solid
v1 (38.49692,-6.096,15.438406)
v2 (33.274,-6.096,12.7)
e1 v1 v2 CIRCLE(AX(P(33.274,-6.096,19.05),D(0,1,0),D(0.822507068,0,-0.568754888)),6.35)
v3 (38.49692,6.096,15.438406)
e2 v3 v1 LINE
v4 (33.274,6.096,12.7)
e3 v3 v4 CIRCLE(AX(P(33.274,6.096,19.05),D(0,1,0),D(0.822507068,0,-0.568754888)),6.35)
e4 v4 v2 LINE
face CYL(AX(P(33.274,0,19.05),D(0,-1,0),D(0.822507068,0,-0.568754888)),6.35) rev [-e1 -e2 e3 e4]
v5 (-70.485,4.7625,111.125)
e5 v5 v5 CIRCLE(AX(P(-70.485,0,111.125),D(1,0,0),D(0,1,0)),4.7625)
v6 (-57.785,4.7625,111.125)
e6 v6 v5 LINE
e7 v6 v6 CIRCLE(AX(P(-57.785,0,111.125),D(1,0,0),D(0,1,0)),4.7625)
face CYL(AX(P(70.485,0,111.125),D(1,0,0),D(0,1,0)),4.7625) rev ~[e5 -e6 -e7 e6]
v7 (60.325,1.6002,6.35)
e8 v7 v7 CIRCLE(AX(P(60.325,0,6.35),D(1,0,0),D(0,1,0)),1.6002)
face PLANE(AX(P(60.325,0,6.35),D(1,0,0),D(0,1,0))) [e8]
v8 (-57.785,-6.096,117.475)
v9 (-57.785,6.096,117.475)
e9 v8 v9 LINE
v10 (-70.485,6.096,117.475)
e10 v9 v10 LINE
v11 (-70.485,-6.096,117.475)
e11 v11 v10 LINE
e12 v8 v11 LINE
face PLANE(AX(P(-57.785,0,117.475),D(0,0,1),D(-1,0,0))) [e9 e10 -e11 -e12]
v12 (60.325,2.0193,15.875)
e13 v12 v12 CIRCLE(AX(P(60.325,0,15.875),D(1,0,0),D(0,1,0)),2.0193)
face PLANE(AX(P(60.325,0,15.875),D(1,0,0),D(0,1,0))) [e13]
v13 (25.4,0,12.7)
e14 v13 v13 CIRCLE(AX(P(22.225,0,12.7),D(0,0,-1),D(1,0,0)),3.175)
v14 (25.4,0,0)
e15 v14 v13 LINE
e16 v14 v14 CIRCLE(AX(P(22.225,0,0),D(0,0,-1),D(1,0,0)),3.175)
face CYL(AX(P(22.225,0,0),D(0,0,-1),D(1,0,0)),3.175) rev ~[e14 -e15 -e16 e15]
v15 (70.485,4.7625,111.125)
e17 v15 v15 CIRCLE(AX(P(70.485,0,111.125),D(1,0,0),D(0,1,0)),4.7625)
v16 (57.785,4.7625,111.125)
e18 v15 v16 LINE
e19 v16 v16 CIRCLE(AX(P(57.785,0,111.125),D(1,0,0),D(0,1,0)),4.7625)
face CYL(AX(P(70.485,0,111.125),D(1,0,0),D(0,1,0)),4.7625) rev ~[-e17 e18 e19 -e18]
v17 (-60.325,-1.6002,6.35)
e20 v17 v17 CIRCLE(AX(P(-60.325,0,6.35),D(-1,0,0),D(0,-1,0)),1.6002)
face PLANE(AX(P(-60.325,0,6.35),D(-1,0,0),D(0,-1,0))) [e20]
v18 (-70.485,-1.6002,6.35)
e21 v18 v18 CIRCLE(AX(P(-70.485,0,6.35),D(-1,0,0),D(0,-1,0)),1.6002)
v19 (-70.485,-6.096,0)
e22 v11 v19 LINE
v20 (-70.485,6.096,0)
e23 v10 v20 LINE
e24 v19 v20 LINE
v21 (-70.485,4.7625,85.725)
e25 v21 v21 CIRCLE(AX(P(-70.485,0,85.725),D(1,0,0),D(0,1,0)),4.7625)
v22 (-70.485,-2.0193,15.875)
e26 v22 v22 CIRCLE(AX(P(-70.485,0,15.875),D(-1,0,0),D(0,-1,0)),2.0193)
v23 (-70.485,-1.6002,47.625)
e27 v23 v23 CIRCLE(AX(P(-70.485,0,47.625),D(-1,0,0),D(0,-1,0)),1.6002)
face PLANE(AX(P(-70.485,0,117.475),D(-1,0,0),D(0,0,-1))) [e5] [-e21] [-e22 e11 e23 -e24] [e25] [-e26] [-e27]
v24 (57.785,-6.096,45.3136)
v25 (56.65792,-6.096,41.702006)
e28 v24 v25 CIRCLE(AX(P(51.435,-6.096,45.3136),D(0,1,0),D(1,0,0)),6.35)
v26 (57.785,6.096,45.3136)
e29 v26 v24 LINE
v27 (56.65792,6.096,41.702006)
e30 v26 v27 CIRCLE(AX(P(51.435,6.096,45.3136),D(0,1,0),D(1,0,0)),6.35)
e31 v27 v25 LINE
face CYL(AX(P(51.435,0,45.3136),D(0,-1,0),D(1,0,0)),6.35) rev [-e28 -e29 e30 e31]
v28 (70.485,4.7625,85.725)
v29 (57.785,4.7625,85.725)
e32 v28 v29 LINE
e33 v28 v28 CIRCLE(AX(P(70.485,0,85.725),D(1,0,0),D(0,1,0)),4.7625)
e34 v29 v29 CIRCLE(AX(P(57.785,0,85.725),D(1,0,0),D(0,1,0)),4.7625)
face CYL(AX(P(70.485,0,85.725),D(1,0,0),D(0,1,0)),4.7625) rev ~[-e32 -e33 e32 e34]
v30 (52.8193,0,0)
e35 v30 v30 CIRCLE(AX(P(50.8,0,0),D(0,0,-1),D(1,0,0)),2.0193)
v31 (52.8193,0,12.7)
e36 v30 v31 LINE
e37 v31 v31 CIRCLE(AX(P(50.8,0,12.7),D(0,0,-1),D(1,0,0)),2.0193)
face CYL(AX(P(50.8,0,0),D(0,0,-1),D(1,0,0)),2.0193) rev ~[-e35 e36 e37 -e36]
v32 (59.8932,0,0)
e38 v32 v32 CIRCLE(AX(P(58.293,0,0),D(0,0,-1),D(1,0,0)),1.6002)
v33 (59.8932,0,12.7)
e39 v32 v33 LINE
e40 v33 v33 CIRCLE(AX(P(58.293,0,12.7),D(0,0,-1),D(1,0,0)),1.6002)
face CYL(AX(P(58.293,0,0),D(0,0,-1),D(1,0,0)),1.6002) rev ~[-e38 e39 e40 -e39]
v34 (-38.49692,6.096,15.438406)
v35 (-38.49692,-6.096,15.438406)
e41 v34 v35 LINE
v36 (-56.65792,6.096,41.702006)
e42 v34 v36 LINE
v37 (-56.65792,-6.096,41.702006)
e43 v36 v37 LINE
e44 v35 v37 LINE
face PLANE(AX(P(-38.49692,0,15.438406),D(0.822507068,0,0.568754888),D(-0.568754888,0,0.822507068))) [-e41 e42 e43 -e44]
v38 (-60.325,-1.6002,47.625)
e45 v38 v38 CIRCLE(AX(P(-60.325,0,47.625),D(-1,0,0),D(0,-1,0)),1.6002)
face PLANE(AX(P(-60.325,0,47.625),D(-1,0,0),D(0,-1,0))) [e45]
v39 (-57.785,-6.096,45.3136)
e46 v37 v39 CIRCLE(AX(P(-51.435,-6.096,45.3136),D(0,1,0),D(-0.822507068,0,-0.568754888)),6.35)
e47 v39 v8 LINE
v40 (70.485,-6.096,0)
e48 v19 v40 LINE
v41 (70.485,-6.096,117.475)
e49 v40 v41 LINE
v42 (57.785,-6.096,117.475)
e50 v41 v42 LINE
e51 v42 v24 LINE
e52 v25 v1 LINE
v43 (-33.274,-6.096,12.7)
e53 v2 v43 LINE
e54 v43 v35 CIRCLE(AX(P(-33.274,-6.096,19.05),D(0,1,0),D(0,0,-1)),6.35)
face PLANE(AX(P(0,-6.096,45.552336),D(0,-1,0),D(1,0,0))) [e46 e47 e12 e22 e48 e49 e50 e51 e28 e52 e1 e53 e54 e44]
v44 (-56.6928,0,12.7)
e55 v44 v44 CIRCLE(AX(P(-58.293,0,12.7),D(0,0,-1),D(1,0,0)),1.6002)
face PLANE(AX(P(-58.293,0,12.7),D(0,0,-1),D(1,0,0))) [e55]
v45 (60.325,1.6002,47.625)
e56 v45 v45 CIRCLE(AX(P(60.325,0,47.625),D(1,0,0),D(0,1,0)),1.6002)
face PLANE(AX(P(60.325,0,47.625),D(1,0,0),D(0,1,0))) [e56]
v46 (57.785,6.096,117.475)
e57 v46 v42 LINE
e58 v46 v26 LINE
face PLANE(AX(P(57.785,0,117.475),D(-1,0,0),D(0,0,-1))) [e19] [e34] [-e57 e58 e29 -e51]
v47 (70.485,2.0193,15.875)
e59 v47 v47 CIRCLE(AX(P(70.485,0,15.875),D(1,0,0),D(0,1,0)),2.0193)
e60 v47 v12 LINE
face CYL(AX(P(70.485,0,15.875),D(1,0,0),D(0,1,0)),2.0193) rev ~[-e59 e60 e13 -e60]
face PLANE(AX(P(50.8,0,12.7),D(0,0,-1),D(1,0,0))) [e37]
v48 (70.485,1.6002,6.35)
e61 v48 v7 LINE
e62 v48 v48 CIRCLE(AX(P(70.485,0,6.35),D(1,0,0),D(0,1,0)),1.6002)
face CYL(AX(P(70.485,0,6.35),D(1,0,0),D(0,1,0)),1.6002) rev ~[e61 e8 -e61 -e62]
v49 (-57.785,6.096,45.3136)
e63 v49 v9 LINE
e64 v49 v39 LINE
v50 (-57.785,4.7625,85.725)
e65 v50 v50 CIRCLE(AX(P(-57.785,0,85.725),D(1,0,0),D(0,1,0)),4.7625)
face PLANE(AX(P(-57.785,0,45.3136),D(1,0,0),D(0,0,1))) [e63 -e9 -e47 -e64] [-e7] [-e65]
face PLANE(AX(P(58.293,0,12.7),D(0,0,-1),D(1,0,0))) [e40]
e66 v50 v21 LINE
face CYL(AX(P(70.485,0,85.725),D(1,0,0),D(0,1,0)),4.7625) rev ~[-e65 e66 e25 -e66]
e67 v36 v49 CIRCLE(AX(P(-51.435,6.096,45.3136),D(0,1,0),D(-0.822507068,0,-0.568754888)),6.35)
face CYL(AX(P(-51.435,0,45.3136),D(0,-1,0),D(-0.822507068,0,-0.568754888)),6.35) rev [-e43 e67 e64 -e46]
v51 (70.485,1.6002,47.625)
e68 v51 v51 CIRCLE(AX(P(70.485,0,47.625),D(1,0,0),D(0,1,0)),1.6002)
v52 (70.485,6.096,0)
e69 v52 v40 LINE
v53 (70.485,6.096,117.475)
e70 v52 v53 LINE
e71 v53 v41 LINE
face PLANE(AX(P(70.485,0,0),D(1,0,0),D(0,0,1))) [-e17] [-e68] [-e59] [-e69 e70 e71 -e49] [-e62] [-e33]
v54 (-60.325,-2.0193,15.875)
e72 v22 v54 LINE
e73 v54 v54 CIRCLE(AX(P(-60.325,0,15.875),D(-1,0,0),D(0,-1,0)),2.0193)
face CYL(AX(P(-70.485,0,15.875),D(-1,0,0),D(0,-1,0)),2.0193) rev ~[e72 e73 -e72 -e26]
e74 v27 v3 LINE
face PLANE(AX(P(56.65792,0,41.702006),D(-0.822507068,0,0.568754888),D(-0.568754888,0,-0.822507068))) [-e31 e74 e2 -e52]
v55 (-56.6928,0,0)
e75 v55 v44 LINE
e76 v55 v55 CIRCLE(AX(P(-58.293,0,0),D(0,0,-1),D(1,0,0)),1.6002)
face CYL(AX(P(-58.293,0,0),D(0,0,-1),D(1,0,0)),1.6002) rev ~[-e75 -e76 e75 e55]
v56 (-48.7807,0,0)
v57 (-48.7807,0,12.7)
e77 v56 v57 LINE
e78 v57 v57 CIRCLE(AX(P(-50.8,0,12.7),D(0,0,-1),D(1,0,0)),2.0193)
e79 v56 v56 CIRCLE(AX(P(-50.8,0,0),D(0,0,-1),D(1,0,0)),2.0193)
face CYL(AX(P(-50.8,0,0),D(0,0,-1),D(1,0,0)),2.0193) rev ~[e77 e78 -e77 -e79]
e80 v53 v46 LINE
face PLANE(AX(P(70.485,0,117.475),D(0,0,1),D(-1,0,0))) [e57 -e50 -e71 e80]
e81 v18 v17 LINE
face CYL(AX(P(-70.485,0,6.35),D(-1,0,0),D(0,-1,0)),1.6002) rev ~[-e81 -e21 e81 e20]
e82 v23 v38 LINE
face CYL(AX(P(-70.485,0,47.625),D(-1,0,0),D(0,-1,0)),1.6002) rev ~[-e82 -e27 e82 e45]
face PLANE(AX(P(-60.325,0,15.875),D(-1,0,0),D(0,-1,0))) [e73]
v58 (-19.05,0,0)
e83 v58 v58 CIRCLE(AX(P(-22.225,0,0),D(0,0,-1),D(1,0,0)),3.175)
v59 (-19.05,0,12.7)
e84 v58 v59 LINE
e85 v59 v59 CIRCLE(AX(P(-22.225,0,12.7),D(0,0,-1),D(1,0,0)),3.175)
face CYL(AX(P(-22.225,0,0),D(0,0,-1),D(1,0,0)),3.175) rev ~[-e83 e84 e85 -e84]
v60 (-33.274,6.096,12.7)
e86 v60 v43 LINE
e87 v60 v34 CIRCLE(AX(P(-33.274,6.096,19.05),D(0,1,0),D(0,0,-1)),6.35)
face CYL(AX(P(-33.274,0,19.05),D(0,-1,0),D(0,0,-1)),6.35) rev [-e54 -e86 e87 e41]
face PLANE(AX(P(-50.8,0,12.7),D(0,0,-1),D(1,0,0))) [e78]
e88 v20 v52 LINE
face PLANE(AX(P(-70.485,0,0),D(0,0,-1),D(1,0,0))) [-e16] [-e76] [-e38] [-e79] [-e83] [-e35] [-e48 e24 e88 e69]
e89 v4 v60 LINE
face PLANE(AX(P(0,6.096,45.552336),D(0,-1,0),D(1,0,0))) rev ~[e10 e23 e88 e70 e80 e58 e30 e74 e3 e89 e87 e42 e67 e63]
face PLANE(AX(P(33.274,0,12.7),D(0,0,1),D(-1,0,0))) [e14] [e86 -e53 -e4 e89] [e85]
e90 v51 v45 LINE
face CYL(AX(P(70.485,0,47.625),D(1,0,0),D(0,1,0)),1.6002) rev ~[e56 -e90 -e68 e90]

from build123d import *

# Parameters (mm, degrees)
F1_DEPTH  = 6.096
F2_R      = 4.7625
F3_DEPTH  = 140.971
F4_R      = 3.175
F5_DEPTH  = 117.476
F6_R      = 2.0193
F6_R_2    = 1.6002
F7_DEPTH  = 12.7
F8_R      = 1.6002
F8_R_2    = 2.0193
F9_DEPTH  = 10.16
F10_R     = 1.6002
F10_R_2   = 2.0193
F11_DEPTH = 10.16


with BuildPart() as f1:
    # F0 (on Front) → F1 (new body, symmetric)
    with BuildSketch(Plane.XZ):
        with BuildLine():
            Line((-70.485, 0), (0, 0))
            Line((0, 0), (70.485, 0))
            Line((70.485, 0), (70.485, 117.475))
            Line((70.485, 117.475), (57.785, 117.475))
            Line((57.785, 117.475), (57.785, 45.3136))
            ThreePointArc((57.785, 45.3136), (57.4966846366, 43.4219130898), (56.6579198847, 41.7020064627))
            Line((56.6579198847, 41.7020064627), (38.4969198847, 15.4384064627))
            ThreePointArc((38.4969198847, 15.4384064627), (36.2226336699, 13.426117046), (33.274, 12.7))
            Line((33.274, 12.7), (0, 12.7))
            Line((0, 12.7), (-33.274, 12.7))
            ThreePointArc((-33.274, 12.7), (-36.2226336699, 13.426117046), (-38.4969198847, 15.4384064627))
            Line((-38.4969198847, 15.4384064627), (-56.6579198847, 41.7020064627))
            ThreePointArc((-56.6579198847, 41.7020064627), (-57.4966846366, 43.4219130898), (-57.785, 45.3136))
            Line((-57.785, 45.3136), (-57.785, 117.475))
            Line((-57.785, 117.475), (-70.485, 117.475))
            Line((-70.485, 117.475), (-70.485, 0))
        make_face()
    extrude(amount=F1_DEPTH, both=True)

    # F2 (on face) → F3 (cut, through all)
    with BuildSketch(Plane.YZ.offset(70.485)):
        with Locations((0, 111.125)):
            Circle(F2_R)
        with Locations((0, 85.725)):
            Circle(F2_R)
    extrude(amount=-F3_DEPTH, mode=Mode.SUBTRACT)

    # F4 (on face) → F5 (cut, through all)
    with BuildSketch(Plane(origin=(0, 0, 0), x_dir=(1, 0, 0), z_dir=(0, 0, -1))):
        with Locations((-22.225, 0)):
            Circle(F4_R)
        with Locations((22.225, 0)):
            Circle(F4_R)
    extrude(amount=-F5_DEPTH, mode=Mode.SUBTRACT)

    # F6 (on face) → F7 (cut)
    with BuildSketch(Plane(origin=(0, 0, 0), x_dir=(1, 0, 0), z_dir=(0, 0, -1))):
        with Locations((-50.8, 0)):
            Circle(F6_R)
        with Locations((-58.293, 0)):
            Circle(F6_R_2)
        with Locations((50.8, 0)):
            Circle(F6_R)
        with Locations((58.293, 0)):
            Circle(F6_R_2)
    extrude(amount=-F7_DEPTH, mode=Mode.SUBTRACT)

    # F8 (on face) → F9 (cut)
    with BuildSketch(Plane.YZ.offset(70.485)):
        with Locations((0, 6.35)):
            Circle(F8_R)
        with Locations((0, 47.625)):
            Circle(F8_R)
        with Locations((0, 15.875)):
            Circle(F8_R_2)
    extrude(amount=-F9_DEPTH, mode=Mode.SUBTRACT)

    # F10 (on face) → F11 (cut)
    with BuildSketch(Plane(origin=(-70.485, 0, 0), x_dir=(0, -1, 0), z_dir=(-1, 0, 0))):
        with Locations((0, 6.35)):
            Circle(F10_R)
        with Locations((0, 15.875)):
            Circle(F10_R_2)
        with Locations((0, 47.625)):
            Circle(F10_R)
    extrude(amount=-F11_DEPTH, mode=Mode.SUBTRACT)


solid = f1.part
